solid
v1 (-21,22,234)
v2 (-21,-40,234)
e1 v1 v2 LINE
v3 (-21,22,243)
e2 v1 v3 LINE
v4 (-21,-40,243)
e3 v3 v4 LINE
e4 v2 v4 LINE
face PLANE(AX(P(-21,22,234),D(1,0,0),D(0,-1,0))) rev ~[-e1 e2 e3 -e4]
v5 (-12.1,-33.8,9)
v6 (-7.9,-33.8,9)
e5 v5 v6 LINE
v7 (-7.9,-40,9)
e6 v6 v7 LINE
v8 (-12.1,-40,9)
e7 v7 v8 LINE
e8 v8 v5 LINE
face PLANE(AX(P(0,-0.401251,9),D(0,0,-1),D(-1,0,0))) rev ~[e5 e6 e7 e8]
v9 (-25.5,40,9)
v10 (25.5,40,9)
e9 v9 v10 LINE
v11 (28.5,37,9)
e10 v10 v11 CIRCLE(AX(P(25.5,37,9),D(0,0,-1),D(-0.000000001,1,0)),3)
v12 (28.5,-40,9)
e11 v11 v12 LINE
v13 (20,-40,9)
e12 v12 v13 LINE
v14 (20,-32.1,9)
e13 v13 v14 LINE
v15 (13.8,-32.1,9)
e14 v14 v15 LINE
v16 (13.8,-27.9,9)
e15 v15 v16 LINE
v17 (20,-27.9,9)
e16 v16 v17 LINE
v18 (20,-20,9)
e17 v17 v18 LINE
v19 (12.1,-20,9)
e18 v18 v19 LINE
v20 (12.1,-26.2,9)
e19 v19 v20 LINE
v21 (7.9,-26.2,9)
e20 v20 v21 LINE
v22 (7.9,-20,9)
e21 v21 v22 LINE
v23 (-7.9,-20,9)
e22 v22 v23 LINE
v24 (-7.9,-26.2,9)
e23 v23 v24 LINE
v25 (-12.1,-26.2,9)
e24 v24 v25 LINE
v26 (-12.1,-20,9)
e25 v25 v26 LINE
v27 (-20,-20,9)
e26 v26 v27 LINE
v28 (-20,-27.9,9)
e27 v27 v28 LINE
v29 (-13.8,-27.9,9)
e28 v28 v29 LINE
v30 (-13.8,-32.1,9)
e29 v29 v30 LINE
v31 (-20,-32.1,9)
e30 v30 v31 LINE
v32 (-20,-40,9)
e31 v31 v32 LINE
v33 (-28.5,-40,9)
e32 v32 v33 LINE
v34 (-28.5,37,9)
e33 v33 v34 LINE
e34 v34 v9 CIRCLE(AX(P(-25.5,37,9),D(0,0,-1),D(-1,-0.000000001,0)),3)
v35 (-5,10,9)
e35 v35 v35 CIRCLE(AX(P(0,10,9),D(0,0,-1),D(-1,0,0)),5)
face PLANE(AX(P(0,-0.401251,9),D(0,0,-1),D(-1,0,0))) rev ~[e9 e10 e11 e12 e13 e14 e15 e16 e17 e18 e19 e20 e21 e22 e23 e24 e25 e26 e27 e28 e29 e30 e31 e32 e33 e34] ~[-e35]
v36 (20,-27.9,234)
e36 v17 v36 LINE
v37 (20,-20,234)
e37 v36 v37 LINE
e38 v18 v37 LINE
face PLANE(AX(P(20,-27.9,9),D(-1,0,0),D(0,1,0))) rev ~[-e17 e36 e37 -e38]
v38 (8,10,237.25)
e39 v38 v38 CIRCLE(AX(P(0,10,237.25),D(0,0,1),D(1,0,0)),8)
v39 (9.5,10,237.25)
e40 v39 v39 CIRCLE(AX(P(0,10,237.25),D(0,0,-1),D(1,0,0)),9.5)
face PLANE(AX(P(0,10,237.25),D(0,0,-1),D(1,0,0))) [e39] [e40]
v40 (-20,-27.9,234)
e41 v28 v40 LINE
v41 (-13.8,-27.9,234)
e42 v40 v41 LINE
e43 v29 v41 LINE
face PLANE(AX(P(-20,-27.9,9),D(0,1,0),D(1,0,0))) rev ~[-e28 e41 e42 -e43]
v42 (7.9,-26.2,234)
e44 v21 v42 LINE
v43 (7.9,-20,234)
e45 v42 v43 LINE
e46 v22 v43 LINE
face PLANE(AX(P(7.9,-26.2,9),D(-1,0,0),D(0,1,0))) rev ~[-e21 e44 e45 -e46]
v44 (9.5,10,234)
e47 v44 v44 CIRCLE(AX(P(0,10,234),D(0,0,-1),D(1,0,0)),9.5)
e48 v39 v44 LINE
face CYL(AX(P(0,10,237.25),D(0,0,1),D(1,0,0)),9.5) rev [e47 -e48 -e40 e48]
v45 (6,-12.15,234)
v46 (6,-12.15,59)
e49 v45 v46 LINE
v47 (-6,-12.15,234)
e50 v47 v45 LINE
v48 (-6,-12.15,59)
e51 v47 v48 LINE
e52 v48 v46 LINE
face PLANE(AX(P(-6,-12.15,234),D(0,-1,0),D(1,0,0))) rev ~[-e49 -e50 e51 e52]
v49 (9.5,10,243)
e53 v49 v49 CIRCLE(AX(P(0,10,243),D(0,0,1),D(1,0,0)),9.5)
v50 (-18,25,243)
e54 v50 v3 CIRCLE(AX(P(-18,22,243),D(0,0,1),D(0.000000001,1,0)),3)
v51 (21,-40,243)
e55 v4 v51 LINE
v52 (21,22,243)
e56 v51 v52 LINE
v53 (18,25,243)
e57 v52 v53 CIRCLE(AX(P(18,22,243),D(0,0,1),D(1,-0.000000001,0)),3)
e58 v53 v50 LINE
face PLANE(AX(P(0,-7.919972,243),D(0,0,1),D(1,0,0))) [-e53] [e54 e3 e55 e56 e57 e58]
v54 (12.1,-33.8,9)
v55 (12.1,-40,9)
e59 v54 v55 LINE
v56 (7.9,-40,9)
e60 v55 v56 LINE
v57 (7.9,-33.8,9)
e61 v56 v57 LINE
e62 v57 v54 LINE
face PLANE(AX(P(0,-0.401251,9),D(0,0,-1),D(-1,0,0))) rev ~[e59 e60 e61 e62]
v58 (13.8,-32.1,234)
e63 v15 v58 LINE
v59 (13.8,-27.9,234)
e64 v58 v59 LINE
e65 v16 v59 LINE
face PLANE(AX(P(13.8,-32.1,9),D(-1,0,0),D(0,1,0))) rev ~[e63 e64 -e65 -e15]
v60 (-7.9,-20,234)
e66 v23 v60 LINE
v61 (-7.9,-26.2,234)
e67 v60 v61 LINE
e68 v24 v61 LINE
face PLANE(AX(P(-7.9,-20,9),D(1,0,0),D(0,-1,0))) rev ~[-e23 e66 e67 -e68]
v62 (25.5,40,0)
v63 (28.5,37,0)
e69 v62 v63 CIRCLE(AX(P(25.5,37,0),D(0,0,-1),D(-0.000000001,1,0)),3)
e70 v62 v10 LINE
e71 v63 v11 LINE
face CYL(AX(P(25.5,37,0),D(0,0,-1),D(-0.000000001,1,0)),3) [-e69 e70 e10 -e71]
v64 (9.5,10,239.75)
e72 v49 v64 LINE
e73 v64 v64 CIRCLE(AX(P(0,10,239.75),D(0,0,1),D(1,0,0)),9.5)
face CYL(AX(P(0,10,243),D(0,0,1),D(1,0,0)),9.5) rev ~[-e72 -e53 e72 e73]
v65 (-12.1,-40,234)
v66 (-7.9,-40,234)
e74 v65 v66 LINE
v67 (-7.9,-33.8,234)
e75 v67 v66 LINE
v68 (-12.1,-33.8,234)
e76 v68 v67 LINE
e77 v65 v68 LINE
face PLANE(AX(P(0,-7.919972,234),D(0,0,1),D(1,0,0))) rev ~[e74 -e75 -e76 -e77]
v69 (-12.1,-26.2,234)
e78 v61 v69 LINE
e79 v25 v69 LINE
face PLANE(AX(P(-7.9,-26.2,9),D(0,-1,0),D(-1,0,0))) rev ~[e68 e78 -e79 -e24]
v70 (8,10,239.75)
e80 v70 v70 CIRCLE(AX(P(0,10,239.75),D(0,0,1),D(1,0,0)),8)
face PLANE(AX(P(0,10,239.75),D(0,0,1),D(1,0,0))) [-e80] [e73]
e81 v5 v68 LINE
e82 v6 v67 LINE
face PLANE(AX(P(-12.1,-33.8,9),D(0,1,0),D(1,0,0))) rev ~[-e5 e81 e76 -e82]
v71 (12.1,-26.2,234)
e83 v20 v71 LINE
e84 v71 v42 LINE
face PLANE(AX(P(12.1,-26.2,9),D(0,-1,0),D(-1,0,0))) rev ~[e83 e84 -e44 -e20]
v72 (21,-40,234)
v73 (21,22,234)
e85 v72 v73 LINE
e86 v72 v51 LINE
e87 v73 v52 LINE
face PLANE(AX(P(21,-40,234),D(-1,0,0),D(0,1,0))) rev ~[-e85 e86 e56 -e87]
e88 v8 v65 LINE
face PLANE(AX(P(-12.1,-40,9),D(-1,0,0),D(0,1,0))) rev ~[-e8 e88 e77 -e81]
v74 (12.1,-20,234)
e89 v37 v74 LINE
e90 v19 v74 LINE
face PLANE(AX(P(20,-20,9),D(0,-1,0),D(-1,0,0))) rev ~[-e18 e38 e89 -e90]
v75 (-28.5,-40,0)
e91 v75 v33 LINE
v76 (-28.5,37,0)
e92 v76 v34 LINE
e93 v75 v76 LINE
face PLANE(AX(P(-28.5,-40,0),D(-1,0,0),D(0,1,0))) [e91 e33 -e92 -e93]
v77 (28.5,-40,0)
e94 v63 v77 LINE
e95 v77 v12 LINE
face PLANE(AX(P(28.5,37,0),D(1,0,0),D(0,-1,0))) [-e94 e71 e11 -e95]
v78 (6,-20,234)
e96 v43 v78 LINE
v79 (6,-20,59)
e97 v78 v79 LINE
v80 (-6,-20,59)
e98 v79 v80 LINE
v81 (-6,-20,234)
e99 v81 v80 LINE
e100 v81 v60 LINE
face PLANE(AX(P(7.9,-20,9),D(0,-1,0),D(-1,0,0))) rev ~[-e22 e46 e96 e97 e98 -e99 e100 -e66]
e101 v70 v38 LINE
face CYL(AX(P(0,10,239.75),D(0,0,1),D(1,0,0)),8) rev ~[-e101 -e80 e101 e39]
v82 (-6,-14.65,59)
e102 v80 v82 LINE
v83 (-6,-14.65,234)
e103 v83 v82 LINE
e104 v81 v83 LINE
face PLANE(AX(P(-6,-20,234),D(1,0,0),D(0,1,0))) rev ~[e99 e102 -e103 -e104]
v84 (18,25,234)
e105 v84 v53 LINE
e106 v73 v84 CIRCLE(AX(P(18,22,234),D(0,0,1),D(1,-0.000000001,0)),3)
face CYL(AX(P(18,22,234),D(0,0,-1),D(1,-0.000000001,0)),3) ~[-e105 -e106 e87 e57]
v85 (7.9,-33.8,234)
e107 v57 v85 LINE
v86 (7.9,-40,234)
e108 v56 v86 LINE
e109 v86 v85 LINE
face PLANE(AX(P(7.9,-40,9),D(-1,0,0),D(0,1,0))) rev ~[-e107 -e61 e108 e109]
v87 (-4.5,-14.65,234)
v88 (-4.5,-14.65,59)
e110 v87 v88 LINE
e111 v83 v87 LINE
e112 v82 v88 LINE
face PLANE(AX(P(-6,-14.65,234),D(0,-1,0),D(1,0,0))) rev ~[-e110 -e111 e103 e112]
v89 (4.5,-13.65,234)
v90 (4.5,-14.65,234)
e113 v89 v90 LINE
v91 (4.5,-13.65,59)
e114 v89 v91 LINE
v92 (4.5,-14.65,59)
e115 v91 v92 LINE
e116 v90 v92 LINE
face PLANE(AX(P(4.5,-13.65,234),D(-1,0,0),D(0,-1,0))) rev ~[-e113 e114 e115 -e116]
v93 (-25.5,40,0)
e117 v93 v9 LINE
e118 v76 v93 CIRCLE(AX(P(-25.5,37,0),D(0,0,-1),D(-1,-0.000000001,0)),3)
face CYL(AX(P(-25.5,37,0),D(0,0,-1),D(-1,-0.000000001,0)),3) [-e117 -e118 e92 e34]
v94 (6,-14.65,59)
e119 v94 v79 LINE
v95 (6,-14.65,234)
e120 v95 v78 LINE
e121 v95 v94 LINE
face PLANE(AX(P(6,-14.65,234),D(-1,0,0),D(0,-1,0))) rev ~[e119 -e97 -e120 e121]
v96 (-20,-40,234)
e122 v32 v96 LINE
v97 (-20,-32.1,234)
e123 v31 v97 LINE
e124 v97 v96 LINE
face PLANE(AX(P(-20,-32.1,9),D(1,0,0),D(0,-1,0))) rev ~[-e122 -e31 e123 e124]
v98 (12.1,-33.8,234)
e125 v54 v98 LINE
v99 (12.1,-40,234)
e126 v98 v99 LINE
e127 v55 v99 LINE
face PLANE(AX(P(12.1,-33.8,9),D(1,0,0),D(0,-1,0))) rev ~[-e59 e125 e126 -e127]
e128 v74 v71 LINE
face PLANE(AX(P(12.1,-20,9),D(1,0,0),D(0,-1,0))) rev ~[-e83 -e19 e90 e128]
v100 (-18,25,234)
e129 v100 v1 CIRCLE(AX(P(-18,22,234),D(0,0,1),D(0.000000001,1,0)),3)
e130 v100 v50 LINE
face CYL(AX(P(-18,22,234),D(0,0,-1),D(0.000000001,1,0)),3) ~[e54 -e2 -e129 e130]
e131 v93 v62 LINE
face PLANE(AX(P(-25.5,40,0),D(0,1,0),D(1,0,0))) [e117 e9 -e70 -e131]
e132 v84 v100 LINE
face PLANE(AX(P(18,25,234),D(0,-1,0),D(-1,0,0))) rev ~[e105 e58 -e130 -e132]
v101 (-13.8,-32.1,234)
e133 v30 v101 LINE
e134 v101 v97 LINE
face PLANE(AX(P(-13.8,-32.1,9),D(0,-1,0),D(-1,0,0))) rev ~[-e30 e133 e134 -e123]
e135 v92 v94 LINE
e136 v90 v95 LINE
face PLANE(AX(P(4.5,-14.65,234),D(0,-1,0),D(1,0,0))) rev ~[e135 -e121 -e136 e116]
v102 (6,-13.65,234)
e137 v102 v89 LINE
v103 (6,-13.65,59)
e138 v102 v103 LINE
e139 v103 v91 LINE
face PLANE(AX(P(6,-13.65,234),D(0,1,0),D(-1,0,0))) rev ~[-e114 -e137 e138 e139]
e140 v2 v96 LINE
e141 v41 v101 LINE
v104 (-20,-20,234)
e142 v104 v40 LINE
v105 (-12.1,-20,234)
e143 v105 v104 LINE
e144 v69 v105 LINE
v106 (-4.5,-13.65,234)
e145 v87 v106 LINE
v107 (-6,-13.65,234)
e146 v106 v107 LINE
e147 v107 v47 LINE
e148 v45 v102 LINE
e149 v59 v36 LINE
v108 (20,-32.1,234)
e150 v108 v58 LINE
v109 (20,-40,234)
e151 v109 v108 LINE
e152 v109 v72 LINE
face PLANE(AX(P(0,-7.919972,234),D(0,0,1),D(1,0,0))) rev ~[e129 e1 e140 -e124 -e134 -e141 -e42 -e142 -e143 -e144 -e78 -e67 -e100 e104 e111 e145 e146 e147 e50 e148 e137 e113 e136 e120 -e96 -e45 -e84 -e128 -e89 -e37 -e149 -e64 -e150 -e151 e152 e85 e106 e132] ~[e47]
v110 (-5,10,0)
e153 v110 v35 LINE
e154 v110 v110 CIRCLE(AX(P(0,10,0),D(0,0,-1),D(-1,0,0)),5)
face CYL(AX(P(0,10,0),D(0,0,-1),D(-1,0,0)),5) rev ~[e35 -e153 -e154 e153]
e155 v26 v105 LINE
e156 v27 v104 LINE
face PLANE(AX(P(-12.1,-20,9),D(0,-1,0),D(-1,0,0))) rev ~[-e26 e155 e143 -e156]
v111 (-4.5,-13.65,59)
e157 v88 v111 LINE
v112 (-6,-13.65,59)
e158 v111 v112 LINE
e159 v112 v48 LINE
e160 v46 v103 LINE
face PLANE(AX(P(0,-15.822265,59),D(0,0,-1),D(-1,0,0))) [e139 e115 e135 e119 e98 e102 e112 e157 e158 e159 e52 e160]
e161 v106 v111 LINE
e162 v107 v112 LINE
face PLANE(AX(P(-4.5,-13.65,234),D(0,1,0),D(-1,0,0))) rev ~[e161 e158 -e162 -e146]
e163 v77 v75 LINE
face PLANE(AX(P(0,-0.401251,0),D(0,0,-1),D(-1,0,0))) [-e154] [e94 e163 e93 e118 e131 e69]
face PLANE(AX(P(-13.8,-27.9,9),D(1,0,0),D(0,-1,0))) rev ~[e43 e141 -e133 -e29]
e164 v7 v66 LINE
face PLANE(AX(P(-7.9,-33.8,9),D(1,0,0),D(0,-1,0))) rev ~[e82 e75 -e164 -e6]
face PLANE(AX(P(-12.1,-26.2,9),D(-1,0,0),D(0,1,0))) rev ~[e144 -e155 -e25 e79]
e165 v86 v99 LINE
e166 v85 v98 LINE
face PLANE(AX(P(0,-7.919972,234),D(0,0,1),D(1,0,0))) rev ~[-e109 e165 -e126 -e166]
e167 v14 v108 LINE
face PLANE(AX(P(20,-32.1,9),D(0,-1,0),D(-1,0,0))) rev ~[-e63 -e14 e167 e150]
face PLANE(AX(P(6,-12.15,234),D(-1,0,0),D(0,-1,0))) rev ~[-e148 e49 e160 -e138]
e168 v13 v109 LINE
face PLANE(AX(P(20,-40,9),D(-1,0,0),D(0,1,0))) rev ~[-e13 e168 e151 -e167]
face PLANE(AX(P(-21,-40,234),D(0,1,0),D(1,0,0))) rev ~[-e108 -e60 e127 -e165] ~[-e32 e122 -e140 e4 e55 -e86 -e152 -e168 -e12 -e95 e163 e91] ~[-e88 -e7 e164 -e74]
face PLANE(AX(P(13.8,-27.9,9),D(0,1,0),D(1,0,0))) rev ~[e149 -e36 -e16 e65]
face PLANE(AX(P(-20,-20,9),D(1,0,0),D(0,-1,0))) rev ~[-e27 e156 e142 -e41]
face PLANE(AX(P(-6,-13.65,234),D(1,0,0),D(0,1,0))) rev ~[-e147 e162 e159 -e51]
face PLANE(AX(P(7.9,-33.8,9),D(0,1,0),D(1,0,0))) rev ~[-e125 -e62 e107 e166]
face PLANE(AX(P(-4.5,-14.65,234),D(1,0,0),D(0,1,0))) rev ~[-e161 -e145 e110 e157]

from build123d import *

# Parameters (mm, degrees)
EXTRUDE_1_DEPTH     = 9
EXTRUDE_2_DEPTH     = 225
EXTRUDE_3_DEPTH     = 9
SKETCH_6_R          = 9.5
CUT_EXTRUDE_3_DEPTH = 3.25
CUT_EXTRUDE_START   = -3.25
SKETCH_7_R          = 9.5
CUT_EXTRUDE_4_DEPTH = 3.25
EXTRUDE_4_DEPTH     = 175
CUT_EXTRUDE_5_REACH = 246.729
SKETCH_10_R         = 8
SKETCH_11_R         = 5
CUT_EXTRUDE_6_DEPTH = 10


with BuildPart() as part:
    # 草图1 → 凸台-拉伸1 (new body)
    with BuildSketch(Plane.XY):
        with BuildLine():
            Line((-25.5, 40), (25.5, 40))
            ThreePointArc((25.5, 40), (27.621320344, 39.121320344), (28.5, 37))
            Line((28.5, 37), (28.5, -40))
            Line((28.5, -40), (-28.5, -40))
            Line((-28.5, -40), (-28.5, 37))
            ThreePointArc((-28.5, 37), (-27.621320344, 39.121320344), (-25.5, 40))
        make_face()
    extrude(amount=EXTRUDE_1_DEPTH)

    # 草图2 → 凸台-拉伸2 (add)
    with BuildSketch(Plane.XY.offset(9)):
        Polygon((-20, -40), (-12.1, -40), (-12.1, -33.8), (-7.9, -33.8), (-7.9, -40), (7.9, -40), (7.9, -33.8), (12.1, -33.8), (12.1, -40), (20, -40), (20, -32.1), (13.8, -32.1), (13.8, -27.9), (20, -27.9), (20, -20), (12.1, -20), (12.1, -26.2), (7.9, -26.2), (7.9, -20), (-7.9, -20), (-7.9, -26.2), (-12.1, -26.2), (-12.1, -20), (-20, -20), (-20, -27.9), (-13.8, -27.9), (-13.8, -32.1), (-20, -32.1), align=None)
    extrude(amount=EXTRUDE_2_DEPTH)

    # 草图3 → 凸台-拉伸3 (add)
    with BuildSketch(Plane.XY.offset(234)):
        with BuildLine():
            Line((-21, -40), (21, -40))
            Line((21, -40), (21, 22))
            ThreePointArc((21, 22), (20.121320344, 24.121320344), (18, 25))
            Line((18, 25), (-18, 25))
            ThreePointArc((-18, 25), (-20.121320344, 24.121320344), (-21, 22))
            Line((-21, 22), (-21, -40))
        make_face()
    extrude(amount=EXTRUDE_3_DEPTH)

    # 草图6 → 切除-拉伸3 (cut)
    with BuildSketch(Plane.XY.offset(243)):
        with Locations((0, 10)):
            Circle(SKETCH_6_R)
    extrude(amount=-CUT_EXTRUDE_3_DEPTH, mode=Mode.SUBTRACT)

    # 草图7 → 切除-拉伸4 (cut)
    with BuildSketch(Plane(origin=(0, 0, 234), x_dir=(-1, 0, 0), z_dir=(0, 0, -1)).offset(CUT_EXTRUDE_START)):
        with Locations(Location((0, 10, 0), (0, 0, 180))):
            Circle(SKETCH_7_R)
    extrude(amount=CUT_EXTRUDE_4_DEPTH, mode=Mode.SUBTRACT)

    # 草图8 → 凸台-拉伸4 (add)
    with BuildSketch(Plane(origin=(0, 0, 234), x_dir=(-1, 0, 0), z_dir=(0, 0, -1))):
        Polygon((-6, -20), (6, -20), (6, -14.65), (4.5, -14.65), (4.5, -13.65), (6, -13.65), (6, -12.15), (-6, -12.15), (-6, -13.65), (-4.5, -13.65), (-4.5, -14.65), (-6, -14.65), align=None)
    extrude(amount=EXTRUDE_4_DEPTH)

    # 草图10 → 切除-拉伸5 (cut, up to next)
    with BuildSketch(Plane.XY.offset(239.75), mode=Mode.PRIVATE) as cut_extrude_5_sk1:
        with Locations((0, 10)):
            Circle(SKETCH_10_R)
    cut_extrude_5_tool1 = extrude(cut_extrude_5_sk1.sketch, amount=-CUT_EXTRUDE_5_REACH, mode=Mode.PRIVATE) & part.part
    add(cut_extrude_5_tool1.solids().sort_by_distance((0, 10, 239.75))[0], mode=Mode.SUBTRACT)

    # 草图11 → 切除-拉伸6 (cut)
    with BuildSketch(Plane(origin=(0, 0, 0), x_dir=(-1, 0, 0), z_dir=(0, 0, -1))):
        with Locations((0, 10)):
            Circle(SKETCH_11_R)
    extrude(amount=-CUT_EXTRUDE_6_DEPTH, mode=Mode.SUBTRACT)


solid = part.part
